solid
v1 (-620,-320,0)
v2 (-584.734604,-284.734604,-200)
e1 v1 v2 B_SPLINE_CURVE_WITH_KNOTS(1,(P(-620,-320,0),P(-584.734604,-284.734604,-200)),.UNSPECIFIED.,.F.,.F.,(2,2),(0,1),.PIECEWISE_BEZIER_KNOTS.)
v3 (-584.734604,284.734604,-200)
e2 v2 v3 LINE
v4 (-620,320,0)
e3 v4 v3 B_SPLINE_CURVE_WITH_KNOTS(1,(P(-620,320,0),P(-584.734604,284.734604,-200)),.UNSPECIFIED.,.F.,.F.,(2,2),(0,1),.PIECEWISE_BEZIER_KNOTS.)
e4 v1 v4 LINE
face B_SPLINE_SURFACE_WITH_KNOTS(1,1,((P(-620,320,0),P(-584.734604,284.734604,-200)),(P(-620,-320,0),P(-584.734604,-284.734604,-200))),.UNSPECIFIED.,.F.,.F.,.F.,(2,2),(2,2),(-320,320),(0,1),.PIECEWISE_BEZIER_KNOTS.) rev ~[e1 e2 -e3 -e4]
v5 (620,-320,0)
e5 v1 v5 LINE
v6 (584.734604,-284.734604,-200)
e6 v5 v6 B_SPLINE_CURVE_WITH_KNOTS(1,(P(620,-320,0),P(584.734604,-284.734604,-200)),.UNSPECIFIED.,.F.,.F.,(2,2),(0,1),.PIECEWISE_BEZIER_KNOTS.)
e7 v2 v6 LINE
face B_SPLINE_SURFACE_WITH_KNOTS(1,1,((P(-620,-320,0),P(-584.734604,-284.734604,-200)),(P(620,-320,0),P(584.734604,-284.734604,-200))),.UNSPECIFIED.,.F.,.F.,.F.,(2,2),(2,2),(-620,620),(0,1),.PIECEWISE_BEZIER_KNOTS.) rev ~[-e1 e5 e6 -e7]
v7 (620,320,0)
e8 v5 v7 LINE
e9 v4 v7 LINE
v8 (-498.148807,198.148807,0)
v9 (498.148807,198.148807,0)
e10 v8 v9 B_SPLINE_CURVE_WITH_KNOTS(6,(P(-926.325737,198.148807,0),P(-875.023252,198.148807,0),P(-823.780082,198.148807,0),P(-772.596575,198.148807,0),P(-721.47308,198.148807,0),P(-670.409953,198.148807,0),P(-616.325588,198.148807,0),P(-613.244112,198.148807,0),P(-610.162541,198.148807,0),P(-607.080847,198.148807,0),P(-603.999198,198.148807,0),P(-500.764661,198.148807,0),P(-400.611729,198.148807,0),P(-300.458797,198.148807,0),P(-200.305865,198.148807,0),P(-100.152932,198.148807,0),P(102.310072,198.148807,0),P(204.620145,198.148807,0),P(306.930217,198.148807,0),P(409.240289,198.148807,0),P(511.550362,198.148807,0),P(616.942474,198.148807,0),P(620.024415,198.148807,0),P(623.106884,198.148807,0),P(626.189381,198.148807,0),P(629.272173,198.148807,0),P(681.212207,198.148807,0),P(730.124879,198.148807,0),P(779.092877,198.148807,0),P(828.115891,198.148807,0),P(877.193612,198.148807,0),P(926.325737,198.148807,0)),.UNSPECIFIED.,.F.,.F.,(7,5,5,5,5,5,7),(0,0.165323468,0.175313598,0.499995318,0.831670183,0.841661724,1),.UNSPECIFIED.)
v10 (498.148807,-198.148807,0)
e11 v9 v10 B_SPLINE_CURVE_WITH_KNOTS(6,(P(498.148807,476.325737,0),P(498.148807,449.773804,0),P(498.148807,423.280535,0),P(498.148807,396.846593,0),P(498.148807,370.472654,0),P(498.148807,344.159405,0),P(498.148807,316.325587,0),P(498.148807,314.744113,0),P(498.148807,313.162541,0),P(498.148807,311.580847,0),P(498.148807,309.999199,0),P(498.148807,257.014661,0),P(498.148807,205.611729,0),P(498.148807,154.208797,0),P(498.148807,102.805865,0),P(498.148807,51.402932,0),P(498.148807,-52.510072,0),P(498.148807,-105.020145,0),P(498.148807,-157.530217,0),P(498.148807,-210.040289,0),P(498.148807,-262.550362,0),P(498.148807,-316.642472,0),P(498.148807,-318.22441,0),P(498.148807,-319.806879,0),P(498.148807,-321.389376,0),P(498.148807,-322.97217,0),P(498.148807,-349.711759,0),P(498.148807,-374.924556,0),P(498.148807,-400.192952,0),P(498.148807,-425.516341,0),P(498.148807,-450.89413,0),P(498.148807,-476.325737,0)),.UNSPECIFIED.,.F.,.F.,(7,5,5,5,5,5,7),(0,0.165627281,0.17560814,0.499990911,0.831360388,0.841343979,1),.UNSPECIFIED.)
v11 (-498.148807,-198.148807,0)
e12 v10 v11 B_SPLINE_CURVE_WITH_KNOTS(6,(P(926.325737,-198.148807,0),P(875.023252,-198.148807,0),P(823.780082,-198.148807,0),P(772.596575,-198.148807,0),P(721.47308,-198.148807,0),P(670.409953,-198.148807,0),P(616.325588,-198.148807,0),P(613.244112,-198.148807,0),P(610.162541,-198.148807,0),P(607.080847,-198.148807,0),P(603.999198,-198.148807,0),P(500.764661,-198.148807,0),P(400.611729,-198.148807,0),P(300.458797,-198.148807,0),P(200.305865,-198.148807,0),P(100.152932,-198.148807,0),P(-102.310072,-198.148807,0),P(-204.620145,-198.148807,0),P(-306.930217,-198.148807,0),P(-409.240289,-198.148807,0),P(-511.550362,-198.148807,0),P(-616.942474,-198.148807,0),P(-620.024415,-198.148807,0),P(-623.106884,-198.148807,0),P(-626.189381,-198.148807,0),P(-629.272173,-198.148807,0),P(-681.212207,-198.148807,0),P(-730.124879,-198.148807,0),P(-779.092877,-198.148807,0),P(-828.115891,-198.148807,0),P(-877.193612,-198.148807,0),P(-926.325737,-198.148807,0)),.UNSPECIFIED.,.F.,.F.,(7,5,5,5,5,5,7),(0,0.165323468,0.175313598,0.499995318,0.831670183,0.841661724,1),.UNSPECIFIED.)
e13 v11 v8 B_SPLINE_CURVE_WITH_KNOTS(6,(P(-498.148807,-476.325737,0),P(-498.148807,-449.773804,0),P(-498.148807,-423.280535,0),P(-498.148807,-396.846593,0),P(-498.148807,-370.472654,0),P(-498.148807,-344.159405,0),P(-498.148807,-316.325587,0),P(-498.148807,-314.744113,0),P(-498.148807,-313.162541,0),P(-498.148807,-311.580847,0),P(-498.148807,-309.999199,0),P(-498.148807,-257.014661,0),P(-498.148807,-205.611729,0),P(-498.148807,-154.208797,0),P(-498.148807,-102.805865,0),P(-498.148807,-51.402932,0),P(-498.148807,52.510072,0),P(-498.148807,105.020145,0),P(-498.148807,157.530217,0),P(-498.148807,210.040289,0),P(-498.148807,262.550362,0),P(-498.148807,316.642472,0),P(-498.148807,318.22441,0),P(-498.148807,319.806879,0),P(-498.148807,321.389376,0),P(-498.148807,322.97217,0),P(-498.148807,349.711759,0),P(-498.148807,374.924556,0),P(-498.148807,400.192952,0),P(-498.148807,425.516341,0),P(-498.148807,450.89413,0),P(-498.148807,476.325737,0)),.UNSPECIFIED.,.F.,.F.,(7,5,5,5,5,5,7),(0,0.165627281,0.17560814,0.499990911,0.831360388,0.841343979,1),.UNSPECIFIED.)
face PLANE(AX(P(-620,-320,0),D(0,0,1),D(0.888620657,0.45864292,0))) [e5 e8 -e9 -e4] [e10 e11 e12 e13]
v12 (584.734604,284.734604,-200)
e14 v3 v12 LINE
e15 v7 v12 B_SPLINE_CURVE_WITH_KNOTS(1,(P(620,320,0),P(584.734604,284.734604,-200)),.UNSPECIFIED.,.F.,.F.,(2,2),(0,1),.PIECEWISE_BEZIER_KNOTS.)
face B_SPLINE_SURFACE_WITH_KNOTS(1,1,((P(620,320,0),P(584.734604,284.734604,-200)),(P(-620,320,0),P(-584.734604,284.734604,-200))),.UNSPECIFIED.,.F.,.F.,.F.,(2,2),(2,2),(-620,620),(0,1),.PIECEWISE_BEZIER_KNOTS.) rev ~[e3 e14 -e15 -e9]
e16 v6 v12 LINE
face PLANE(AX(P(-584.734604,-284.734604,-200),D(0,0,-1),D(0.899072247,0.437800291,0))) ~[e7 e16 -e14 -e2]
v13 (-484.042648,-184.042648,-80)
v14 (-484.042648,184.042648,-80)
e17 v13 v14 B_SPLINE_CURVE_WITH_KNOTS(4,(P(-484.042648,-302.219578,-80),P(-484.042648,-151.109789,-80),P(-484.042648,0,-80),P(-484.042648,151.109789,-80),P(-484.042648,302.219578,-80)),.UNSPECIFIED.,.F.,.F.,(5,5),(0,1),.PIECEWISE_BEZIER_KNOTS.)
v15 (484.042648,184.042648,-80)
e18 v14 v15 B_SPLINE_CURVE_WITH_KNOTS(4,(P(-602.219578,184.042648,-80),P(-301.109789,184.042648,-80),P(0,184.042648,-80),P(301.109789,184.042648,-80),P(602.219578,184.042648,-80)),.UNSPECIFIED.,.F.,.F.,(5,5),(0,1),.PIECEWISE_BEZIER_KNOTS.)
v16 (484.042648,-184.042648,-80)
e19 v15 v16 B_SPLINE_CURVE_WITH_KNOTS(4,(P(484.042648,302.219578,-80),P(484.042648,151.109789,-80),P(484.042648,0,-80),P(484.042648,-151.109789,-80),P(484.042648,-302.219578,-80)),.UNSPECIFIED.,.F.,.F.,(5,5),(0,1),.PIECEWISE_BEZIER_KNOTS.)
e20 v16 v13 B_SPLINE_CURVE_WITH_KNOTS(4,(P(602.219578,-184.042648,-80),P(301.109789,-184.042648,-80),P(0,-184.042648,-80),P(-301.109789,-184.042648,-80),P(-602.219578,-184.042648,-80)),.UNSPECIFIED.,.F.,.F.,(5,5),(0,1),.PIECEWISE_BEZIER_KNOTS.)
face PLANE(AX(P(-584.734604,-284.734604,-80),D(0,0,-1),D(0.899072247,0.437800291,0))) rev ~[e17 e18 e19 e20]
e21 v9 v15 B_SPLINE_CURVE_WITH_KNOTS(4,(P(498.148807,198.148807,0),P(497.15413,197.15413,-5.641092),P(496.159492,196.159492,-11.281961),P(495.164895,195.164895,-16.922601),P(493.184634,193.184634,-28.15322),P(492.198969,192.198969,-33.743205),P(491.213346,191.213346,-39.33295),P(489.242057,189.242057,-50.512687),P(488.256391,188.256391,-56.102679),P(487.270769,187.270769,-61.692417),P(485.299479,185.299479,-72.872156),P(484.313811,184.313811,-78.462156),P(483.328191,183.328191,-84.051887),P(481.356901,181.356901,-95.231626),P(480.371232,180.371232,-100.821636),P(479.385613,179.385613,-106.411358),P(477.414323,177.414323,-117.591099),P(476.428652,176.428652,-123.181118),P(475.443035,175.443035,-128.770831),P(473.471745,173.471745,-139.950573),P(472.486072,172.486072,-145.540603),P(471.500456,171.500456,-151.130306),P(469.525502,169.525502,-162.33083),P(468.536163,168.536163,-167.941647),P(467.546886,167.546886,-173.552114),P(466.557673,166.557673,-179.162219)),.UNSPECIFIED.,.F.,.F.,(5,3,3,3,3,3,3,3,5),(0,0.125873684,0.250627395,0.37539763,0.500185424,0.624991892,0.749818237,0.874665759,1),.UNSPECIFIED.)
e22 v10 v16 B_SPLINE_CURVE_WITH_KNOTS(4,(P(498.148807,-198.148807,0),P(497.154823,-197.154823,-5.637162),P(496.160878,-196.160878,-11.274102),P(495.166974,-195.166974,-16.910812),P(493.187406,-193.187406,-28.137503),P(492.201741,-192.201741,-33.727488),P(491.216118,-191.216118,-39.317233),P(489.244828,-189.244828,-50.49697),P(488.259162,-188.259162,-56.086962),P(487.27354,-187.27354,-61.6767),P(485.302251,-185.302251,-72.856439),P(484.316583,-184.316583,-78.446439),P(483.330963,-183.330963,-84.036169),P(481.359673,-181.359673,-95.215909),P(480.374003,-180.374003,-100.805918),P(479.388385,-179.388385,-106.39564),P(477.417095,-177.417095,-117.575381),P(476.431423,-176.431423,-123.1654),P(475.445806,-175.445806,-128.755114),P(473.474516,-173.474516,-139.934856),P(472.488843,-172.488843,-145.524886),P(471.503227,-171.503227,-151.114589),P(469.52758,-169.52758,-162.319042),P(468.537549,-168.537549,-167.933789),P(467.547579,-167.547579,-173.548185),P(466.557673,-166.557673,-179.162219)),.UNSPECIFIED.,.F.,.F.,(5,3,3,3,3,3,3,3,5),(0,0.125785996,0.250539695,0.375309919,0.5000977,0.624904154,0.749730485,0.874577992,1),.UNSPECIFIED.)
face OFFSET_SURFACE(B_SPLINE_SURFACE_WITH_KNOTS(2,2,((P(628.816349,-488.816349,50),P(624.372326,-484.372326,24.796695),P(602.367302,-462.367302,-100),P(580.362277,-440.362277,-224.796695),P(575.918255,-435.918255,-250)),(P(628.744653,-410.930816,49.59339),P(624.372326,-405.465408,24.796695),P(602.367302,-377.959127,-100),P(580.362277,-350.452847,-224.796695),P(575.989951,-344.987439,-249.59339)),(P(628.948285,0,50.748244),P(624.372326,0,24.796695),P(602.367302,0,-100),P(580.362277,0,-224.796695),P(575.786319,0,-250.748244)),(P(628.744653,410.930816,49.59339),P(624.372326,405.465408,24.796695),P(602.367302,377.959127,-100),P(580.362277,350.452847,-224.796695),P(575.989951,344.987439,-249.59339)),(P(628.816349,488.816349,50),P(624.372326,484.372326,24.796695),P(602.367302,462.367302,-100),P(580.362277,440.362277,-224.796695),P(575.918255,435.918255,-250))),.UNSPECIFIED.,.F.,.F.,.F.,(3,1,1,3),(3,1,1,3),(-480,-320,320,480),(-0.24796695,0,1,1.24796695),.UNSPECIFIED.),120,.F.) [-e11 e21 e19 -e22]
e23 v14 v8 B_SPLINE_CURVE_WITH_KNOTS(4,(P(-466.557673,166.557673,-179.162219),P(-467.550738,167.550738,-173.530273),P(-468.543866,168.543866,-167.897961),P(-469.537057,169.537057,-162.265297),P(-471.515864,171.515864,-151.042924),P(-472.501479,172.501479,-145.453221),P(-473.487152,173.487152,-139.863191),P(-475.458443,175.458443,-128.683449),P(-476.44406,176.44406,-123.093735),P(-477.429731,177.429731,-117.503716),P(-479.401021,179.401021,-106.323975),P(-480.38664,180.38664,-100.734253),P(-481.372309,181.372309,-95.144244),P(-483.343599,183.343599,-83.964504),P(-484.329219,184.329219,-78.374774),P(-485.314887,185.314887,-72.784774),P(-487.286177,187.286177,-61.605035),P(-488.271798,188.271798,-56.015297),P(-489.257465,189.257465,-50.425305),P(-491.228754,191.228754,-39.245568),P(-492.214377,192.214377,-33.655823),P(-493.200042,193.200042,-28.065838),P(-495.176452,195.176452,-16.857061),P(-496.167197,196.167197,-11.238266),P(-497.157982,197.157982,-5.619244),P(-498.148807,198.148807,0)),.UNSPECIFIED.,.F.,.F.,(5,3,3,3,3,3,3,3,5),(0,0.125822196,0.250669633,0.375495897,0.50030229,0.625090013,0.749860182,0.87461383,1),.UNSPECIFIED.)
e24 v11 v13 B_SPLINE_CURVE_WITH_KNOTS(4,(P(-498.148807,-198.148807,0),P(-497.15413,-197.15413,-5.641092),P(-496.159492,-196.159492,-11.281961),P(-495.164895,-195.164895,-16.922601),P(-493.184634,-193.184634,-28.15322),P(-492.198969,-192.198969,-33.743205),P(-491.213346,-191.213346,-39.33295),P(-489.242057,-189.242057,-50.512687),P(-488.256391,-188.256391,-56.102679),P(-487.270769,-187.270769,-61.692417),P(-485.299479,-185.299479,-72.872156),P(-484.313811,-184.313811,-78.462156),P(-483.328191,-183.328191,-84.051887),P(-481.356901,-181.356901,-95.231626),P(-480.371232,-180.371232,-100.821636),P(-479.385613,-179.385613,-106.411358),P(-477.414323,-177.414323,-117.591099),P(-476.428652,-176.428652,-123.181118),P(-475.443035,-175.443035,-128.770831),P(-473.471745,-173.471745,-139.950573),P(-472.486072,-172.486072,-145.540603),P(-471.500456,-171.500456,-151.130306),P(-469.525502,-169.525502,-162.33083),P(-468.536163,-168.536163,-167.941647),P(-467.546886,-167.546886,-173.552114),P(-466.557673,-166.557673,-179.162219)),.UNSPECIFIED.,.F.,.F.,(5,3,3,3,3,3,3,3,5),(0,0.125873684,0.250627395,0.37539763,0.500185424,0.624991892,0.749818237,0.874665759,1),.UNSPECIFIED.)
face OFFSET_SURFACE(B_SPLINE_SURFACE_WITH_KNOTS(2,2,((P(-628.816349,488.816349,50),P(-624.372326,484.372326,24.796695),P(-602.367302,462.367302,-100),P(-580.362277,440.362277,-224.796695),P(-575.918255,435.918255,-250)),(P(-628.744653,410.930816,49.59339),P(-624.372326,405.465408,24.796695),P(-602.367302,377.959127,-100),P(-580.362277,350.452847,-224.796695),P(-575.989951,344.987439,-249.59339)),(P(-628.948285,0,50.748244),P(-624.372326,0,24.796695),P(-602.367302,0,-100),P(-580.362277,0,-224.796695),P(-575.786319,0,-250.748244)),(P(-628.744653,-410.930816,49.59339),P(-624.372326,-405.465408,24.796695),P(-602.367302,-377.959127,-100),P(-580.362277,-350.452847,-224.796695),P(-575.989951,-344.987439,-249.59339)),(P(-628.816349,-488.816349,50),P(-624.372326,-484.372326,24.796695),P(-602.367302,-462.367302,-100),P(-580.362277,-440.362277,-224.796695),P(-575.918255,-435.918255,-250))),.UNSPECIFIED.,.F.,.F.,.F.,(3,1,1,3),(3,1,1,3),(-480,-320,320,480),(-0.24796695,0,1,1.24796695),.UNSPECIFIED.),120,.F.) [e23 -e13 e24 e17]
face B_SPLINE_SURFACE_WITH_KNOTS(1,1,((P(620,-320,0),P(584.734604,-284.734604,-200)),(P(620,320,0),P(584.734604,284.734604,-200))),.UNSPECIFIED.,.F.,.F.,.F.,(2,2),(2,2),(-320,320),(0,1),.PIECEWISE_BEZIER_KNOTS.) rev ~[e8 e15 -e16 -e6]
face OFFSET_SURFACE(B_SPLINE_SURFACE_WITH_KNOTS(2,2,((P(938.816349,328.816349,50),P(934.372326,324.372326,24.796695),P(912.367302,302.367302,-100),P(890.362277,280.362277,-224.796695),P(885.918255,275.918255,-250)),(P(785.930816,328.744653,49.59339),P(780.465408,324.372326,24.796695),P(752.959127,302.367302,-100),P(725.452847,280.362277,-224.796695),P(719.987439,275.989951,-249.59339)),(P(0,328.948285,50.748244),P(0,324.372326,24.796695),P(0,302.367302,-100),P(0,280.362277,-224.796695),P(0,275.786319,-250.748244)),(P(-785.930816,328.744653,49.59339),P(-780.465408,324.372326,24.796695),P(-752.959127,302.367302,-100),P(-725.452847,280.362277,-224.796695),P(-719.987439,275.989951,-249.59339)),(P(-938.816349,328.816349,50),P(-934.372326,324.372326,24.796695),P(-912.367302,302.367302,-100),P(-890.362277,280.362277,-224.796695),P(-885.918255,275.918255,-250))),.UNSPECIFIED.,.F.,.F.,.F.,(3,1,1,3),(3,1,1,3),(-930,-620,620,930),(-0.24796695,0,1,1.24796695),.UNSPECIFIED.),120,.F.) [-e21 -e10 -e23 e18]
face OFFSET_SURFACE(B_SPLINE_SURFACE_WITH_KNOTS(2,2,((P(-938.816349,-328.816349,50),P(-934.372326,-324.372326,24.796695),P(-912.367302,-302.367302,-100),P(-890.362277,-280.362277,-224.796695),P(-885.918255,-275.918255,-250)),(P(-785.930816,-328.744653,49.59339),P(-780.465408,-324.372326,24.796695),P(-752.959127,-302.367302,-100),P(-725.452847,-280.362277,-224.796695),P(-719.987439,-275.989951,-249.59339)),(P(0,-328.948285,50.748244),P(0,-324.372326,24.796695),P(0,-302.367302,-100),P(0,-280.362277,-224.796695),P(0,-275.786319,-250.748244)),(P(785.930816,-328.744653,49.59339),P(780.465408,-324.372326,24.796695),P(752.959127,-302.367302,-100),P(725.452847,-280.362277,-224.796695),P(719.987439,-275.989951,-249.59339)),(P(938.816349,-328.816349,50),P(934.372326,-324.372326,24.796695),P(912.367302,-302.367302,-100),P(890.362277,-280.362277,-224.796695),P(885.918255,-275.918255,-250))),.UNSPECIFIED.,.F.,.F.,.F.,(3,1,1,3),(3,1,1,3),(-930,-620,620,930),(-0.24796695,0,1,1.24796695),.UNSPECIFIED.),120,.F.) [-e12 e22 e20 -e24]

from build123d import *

# Parameters (mm, degrees)
F0_W     = 1240
F0_H     = 640
F0_W_2   = 1000
F0_H_2   = 400
F1_DEPTH = 200
F1_TAPER = 10
F2_T     = -120


with BuildPart() as f1:
    # F0 (on Top) → F1 (new body)
    with BuildSketch(Plane.XY):
        Rectangle(F0_W, F0_H)
        Rectangle(F0_W_2, F0_H_2, mode=Mode.SUBTRACT)
        Rectangle(F0_W_2, F0_H_2)
    extrude(amount=-F1_DEPTH, taper=F1_TAPER)

    # F2
    f2_openings = [f1.faces().sort_by_distance(p)[0] for p in [
        (0, 0, 0),
    ]]
    offset(amount=F2_T, openings=f2_openings)


solid = f1.part
